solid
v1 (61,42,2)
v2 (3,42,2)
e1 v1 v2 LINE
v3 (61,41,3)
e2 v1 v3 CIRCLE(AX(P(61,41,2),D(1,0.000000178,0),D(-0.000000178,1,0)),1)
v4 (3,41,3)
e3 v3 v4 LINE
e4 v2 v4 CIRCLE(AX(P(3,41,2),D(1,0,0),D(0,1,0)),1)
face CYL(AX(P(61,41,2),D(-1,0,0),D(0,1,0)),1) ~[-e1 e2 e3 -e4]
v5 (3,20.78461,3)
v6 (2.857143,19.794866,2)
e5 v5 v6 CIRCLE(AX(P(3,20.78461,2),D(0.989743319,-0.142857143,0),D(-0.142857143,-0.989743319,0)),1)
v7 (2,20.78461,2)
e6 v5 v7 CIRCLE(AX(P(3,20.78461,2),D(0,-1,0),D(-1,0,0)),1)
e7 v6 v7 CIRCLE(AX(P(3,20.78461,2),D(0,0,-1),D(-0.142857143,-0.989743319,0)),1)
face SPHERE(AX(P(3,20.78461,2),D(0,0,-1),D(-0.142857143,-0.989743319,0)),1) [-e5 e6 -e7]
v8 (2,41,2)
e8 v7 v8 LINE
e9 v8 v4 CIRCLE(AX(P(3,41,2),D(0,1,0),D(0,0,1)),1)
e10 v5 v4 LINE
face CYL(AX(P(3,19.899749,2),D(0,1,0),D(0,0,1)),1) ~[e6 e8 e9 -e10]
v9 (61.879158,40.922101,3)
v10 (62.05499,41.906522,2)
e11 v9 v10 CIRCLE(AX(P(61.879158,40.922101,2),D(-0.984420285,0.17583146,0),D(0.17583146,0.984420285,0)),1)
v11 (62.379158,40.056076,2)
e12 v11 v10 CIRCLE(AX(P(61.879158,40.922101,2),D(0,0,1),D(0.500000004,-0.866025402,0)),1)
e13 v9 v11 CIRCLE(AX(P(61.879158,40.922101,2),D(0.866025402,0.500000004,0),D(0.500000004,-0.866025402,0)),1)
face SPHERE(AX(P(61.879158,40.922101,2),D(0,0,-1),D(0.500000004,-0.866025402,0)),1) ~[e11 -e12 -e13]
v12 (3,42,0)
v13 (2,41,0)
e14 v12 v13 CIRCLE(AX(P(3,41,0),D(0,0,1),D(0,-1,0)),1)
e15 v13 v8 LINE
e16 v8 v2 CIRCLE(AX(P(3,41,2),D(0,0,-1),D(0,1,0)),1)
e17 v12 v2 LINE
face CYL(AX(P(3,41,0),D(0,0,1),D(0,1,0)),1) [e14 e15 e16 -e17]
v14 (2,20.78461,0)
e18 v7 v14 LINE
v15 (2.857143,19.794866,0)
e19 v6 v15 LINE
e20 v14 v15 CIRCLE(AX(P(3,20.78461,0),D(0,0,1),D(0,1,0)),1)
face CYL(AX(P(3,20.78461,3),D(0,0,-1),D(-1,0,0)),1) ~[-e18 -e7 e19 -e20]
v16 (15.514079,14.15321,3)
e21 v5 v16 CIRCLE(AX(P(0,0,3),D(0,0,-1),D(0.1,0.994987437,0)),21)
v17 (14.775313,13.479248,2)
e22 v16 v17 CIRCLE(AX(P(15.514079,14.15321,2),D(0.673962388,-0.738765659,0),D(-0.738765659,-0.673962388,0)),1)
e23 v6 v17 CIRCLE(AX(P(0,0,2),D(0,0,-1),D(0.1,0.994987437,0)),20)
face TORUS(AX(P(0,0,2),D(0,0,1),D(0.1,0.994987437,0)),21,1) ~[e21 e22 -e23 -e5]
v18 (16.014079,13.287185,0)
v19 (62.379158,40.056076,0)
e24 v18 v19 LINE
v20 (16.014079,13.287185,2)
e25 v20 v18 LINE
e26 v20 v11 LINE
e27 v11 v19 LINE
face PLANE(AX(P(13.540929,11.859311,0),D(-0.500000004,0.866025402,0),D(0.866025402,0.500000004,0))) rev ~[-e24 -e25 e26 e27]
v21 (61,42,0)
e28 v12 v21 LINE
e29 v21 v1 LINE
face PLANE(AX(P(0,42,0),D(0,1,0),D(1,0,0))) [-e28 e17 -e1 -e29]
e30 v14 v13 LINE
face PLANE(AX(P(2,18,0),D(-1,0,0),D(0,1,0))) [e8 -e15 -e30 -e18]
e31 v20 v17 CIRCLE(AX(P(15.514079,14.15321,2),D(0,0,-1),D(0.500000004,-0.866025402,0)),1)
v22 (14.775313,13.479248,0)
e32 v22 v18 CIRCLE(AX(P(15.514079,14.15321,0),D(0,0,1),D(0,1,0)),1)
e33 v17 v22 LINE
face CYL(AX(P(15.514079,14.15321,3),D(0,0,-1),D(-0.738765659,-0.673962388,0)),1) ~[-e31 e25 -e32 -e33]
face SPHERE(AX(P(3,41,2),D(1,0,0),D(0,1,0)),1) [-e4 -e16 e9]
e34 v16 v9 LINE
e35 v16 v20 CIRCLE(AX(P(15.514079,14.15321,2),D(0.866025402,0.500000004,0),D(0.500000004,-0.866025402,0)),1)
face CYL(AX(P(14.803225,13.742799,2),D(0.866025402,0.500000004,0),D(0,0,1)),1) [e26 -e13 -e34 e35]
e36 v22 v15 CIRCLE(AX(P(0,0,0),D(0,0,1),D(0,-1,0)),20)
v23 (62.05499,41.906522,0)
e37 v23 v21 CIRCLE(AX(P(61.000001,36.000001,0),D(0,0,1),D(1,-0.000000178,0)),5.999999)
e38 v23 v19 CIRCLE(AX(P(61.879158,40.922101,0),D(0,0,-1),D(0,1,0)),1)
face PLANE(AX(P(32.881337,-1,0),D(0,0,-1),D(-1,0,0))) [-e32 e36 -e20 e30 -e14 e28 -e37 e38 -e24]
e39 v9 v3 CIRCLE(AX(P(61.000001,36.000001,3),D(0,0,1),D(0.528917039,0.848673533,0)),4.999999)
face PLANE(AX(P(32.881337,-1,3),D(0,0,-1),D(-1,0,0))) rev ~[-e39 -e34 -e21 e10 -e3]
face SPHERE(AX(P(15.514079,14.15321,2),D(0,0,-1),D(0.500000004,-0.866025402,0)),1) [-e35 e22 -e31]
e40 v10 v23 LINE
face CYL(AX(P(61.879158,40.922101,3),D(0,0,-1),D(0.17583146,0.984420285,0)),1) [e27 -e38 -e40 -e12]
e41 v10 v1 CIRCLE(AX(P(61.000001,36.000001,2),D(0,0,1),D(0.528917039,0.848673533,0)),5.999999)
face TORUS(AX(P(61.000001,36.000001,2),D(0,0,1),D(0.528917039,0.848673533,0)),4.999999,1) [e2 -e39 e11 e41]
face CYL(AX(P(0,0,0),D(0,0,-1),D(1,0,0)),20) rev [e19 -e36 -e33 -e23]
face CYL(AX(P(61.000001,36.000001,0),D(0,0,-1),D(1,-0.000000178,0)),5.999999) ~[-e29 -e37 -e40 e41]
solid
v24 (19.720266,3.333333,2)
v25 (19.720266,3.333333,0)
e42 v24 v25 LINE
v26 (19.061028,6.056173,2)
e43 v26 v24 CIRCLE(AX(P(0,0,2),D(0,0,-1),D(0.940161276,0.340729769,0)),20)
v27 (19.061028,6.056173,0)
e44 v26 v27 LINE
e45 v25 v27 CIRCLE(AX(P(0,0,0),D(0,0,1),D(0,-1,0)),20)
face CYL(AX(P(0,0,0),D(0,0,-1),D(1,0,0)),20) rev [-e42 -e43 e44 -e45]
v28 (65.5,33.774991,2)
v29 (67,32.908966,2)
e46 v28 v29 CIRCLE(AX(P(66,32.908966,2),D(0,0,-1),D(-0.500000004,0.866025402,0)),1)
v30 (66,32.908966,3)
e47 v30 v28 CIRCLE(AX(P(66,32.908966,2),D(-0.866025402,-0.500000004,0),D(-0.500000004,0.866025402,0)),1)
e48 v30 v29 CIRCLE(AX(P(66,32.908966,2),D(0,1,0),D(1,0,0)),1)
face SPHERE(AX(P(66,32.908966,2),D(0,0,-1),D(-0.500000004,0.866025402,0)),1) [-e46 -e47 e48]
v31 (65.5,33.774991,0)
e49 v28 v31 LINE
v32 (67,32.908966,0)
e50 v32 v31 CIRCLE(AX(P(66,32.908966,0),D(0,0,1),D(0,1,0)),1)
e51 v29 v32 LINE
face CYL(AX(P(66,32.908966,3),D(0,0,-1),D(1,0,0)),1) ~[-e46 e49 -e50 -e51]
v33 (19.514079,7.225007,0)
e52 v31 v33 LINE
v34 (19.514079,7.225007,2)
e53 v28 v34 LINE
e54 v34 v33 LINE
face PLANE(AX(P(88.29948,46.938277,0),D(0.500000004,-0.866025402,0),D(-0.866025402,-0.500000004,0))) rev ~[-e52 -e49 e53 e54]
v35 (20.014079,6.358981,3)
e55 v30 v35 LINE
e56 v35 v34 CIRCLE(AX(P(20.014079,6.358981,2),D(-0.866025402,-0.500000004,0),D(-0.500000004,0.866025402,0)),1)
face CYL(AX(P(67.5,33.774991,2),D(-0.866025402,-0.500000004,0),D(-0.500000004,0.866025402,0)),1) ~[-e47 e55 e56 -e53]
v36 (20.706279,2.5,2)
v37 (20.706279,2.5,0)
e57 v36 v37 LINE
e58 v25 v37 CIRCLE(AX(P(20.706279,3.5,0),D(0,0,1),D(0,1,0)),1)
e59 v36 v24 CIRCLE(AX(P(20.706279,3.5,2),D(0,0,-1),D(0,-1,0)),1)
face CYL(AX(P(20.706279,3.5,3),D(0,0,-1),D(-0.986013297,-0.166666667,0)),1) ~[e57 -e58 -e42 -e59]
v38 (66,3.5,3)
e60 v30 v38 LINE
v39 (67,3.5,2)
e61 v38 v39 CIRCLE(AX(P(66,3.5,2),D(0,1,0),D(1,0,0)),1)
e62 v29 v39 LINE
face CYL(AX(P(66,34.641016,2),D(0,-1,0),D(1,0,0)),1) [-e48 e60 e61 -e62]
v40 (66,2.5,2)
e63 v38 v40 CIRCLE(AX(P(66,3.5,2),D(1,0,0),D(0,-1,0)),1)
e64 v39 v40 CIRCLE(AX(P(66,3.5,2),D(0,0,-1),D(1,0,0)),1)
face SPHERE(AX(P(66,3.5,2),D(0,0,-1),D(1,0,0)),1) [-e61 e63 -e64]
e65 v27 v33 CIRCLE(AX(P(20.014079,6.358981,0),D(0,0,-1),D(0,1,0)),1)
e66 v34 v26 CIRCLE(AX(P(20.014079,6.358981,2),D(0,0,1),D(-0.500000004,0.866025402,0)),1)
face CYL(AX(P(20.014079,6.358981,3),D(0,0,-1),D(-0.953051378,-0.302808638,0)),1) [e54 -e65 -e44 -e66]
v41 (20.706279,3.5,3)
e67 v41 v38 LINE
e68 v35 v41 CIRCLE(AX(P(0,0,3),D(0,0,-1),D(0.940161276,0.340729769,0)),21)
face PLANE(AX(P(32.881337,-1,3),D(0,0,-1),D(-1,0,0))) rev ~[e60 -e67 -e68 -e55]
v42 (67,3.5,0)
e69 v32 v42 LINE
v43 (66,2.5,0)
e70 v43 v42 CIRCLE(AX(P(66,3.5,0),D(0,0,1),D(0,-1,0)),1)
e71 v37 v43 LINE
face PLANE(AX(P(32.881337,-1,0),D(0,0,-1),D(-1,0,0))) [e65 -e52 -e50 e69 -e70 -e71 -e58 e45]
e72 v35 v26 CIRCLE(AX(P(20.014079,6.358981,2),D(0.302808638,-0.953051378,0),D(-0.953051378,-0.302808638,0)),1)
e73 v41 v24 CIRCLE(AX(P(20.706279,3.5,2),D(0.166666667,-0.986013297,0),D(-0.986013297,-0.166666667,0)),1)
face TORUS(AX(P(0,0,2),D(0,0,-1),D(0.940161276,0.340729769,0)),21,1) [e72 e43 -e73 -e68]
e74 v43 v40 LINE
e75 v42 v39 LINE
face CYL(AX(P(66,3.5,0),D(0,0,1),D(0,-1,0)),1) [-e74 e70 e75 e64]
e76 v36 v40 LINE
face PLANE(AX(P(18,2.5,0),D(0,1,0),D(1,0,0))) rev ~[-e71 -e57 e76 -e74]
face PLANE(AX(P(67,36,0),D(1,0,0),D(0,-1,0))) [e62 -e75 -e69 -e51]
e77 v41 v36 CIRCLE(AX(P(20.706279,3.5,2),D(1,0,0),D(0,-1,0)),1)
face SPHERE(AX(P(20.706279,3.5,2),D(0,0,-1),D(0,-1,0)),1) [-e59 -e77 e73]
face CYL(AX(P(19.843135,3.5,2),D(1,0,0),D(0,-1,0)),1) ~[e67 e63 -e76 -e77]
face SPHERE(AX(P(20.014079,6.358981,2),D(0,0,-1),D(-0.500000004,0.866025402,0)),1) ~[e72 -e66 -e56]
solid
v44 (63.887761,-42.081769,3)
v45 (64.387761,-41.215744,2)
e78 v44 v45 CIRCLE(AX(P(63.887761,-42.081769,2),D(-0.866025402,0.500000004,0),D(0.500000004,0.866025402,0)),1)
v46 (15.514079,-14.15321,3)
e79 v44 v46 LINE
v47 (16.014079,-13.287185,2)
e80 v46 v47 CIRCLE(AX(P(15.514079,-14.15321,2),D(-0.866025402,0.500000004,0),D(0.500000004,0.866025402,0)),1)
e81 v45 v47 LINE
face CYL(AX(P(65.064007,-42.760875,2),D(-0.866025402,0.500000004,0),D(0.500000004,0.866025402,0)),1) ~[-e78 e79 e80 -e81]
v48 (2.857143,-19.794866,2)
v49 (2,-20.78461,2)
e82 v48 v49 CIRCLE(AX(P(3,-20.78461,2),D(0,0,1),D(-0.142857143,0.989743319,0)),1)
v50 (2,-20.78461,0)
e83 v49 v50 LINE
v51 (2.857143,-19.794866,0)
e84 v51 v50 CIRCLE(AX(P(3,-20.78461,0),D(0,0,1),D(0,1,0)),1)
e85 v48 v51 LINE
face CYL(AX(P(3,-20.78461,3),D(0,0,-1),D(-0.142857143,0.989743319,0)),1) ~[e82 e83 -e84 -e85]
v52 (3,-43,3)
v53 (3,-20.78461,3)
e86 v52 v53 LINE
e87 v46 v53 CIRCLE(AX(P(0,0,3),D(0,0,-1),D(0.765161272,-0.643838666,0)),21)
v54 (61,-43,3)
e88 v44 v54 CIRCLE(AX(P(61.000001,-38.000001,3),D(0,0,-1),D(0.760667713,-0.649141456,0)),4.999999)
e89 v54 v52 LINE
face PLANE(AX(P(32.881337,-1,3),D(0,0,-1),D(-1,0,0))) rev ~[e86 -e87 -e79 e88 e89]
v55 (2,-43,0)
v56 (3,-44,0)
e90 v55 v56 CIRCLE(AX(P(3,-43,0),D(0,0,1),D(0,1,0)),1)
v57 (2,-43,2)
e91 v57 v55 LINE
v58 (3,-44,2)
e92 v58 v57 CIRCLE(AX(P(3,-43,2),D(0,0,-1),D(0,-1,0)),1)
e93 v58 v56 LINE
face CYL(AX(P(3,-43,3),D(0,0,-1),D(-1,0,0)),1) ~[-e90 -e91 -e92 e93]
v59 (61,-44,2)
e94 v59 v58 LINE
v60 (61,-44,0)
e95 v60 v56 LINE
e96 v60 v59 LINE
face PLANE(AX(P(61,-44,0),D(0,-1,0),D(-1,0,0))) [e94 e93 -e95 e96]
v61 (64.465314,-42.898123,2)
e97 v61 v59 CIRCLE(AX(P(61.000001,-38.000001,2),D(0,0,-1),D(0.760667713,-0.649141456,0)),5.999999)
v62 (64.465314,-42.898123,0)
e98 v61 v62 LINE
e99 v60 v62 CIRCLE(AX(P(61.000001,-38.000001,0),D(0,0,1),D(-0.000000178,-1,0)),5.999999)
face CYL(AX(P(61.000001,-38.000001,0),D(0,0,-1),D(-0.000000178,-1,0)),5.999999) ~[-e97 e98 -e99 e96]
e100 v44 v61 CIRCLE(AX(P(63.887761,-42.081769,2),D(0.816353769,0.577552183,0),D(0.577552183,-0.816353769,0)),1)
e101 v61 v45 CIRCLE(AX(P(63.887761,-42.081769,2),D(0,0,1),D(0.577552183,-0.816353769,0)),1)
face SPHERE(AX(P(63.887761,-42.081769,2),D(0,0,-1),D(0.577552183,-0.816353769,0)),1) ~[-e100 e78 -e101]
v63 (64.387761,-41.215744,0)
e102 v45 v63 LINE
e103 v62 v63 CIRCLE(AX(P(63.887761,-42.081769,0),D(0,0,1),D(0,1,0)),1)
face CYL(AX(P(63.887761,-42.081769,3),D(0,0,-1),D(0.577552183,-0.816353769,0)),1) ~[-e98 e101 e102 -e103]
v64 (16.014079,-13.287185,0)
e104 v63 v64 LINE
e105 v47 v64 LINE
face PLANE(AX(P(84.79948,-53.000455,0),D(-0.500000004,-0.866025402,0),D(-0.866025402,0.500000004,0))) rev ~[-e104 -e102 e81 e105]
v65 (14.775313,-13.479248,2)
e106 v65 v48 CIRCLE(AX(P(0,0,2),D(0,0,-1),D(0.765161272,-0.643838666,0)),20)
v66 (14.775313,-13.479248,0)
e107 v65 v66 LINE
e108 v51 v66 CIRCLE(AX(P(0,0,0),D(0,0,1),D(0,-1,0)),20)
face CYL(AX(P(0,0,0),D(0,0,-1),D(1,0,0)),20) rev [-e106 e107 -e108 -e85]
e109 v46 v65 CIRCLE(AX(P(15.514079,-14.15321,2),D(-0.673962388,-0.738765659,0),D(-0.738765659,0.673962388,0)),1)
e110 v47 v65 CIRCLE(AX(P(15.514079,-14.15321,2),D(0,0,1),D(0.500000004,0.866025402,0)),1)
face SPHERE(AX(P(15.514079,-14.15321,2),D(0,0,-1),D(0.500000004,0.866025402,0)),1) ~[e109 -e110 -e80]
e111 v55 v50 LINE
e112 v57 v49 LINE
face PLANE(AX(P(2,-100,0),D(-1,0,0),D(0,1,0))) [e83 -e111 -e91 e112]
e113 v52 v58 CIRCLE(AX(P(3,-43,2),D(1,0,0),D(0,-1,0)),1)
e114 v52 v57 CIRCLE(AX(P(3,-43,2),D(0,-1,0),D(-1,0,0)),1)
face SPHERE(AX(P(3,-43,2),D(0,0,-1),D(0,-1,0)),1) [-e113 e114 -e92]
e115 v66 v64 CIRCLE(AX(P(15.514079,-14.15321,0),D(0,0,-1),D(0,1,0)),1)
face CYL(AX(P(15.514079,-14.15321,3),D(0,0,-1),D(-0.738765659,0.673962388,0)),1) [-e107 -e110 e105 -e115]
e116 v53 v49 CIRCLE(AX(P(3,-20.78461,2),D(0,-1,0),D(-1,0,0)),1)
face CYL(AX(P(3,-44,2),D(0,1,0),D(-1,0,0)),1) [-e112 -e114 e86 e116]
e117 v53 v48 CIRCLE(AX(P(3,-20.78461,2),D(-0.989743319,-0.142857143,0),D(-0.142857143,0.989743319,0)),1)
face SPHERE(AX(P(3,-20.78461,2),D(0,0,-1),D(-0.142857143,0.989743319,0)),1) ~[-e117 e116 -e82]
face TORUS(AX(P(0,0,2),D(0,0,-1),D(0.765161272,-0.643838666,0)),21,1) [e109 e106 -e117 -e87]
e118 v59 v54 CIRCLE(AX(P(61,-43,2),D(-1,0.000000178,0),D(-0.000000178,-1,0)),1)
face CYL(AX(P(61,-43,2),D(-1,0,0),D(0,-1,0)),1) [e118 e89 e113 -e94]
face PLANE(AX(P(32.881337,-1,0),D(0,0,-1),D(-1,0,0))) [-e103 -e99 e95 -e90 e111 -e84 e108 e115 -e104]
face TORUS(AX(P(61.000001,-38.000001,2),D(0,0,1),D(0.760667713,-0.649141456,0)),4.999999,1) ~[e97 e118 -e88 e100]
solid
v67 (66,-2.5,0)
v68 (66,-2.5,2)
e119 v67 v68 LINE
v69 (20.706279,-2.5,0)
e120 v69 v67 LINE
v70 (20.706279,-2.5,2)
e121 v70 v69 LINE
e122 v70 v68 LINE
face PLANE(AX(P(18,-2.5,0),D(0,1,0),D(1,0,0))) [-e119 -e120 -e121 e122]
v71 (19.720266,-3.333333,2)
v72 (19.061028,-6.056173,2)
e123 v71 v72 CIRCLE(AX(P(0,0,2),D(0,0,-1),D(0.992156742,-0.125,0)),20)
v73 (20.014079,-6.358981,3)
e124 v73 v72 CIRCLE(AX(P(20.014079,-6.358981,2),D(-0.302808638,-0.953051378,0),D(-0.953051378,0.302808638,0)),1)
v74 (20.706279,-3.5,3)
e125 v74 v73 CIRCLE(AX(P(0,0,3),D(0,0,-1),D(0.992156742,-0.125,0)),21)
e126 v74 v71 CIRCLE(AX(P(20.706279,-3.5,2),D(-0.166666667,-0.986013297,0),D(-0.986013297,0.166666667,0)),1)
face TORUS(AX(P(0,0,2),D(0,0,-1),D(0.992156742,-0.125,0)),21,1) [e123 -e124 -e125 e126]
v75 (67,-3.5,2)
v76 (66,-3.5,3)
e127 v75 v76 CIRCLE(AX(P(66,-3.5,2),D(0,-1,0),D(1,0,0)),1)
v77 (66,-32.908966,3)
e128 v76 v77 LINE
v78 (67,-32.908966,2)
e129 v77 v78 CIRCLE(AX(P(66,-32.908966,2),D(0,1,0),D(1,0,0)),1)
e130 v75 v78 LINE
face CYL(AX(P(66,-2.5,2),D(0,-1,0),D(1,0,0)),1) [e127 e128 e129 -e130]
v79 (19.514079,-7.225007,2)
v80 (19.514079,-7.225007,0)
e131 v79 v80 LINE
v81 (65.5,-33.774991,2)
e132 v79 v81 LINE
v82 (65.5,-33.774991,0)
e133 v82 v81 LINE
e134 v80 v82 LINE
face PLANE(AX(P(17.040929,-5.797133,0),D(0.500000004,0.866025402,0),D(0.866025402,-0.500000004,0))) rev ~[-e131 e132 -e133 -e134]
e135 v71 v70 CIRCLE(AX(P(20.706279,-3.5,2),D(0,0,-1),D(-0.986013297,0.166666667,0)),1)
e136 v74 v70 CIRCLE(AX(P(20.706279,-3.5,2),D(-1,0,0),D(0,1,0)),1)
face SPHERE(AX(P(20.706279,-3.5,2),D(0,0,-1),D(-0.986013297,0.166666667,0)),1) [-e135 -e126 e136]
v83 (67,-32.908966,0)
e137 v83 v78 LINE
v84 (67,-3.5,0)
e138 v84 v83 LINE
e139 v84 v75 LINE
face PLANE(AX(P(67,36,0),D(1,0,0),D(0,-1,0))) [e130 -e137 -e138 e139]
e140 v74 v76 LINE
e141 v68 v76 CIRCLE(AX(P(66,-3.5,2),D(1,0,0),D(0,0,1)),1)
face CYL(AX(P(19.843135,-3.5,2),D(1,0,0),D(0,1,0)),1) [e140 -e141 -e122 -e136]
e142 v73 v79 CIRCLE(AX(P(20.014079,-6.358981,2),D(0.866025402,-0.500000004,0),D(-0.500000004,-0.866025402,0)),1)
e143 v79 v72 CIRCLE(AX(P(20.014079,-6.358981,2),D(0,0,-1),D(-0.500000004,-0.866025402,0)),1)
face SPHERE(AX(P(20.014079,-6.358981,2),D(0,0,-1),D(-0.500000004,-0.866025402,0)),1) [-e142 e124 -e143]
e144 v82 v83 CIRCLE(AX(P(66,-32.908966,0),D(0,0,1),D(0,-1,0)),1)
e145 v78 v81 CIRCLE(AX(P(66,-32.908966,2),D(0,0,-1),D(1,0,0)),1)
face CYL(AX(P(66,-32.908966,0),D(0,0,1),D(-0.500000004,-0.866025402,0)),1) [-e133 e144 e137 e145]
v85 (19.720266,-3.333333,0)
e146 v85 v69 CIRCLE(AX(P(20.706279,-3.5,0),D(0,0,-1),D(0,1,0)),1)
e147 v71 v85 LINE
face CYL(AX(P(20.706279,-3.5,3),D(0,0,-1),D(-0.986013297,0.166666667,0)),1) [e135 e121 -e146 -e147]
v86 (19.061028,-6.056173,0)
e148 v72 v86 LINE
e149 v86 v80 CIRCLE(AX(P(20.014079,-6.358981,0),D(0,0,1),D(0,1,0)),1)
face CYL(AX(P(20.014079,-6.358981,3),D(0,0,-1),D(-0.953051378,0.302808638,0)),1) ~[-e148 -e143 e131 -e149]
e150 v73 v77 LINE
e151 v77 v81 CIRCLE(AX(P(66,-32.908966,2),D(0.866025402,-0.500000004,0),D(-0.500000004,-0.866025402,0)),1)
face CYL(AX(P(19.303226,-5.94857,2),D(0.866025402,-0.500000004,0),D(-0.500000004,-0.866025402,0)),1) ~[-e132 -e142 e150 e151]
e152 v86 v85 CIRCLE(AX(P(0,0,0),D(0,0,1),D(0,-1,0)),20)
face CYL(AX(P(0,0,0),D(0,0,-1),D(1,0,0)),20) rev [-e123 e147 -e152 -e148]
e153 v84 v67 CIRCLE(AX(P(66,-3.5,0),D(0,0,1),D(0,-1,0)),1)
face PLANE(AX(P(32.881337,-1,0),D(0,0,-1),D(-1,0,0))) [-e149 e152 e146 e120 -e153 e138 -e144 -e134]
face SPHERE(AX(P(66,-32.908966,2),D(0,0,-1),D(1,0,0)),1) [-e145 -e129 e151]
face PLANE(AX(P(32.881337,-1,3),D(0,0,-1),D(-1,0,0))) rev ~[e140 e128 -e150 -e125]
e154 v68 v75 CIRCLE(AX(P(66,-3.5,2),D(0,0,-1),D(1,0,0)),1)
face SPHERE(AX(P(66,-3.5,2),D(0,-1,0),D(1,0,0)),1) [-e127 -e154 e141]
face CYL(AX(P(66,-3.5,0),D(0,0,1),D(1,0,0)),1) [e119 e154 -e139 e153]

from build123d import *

# Parameters (mm, degrees)
SKETCH007_W   = 2
SKETCH007_H   = 82
SKETCH007_W_2 = 81.968745
SKETCH007_H_2 = 5
PAD008_DEPTH  = 10
SKETCH009_R   = 20
PAD007_DEPTH  = 10
PAD006_DEPTH  = 3
FILLET002_R   = 1


with BuildPart() as mr_ribs001:
    # Sketch007 → Pad008 (new body)
    with BuildSketch(Plane.XY):
        with Locations((1, 59)):
            Rectangle(SKETCH007_W, SKETCH007_H)
        Polygon((13.540929, 11.859311), (84.79948, 53.000455), (88.29948, 46.938277), (17.040929, 5.797133), align=None)
        with Locations((58.984372, 0)):
            Rectangle(SKETCH007_W_2, SKETCH007_H_2)
        Polygon((17.040929, -5.797133), (88.29948, -46.938277), (84.79948, -53.000455), (13.540929, -11.859311), align=None)
        with Locations((1, -59)):
            Rectangle(SKETCH007_W, SKETCH007_H)
    extrude(amount=PAD008_DEPTH)


with BuildPart() as mr_lens001:
    # Sketch009 → Pad007 (new body)
    with BuildSketch(Plane.XY):
        Circle(SKETCH009_R)
    extrude(amount=PAD007_DEPTH)


with BuildPart() as mr_tool:
    # Sketch008 → Pad006 (new body)
    with BuildSketch(Plane.XY):
        with BuildLine():
            Line((0, 42), (61, 42))
            ThreePointArc((67, 36), (65.242641, 40.242641), (61, 42))
            Line((67, 36), (67, -38))
            ThreePointArc((61, -44), (65.242641, -42.242641), (67, -38))
            Line((61, -44), (0, -44))
            Line((0, -44), (0, 42))
        make_face()
    extrude(amount=PAD006_DEPTH)

    # Cut001: cut MR_Lens001
    add(mr_lens001.part, mode=Mode.SUBTRACT)

    # Cut002: cut MR_Ribs001
    add(mr_ribs001.part, mode=Mode.SUBTRACT)

    # Fillet002
    fillet002_edges = [mr_tool.edges().sort_by_distance(p)[0] for p in [
        (2, -44, 1.5),
        (31.5, -44, 3),
        (2, -31.949874, 3),
        (2, -19.899749, 1.5),
        (63.513057, -43.448353, 3),
        (40.433616, -27.385811, 3),
        (9.337074, -17.686691, 3),
        (65.564006, -41.894849, 1.5),
        (15.303226, -12.876773, 1.5),
        (67, -34.641016, 1.5),
        (67, -18.570508, 3),
        (67, -2.5, 1.5),
        (43.421567, -2.5, 3),
        (19.843135, -2.5, 1.5),
        (19.443231, -4.686232, 3),
        (18.803226, -6.814595, 1.5),
        (42.901613, -20.727806, 3),
        (67, 2.5, 1.5),
        (67, 18.570508, 3),
        (67, 34.641016, 1.5),
        (18.803226, 6.814595, 1.5),
        (42.901613, 20.727806, 3),
        (19.443231, 4.686232, 3),
        (19.843135, 2.5, 1.5),
        (43.421567, 2.5, 3),
        (62.650417, 41.768546, 3),
        (64.173503, 41.092041, 1.5),
        (31.5, 42, 3),
        (2, 42, 1.5),
        (2, 30.949874, 3),
        (2, 19.899749, 1.5),
        (9.337074, 17.686691, 3),
        (15.303226, 12.876773, 1.5),
        (39.738364, 26.984407, 3),
    ]]
    fillet(fillet002_edges, radius=FILLET002_R)


solid = mr_tool.part
